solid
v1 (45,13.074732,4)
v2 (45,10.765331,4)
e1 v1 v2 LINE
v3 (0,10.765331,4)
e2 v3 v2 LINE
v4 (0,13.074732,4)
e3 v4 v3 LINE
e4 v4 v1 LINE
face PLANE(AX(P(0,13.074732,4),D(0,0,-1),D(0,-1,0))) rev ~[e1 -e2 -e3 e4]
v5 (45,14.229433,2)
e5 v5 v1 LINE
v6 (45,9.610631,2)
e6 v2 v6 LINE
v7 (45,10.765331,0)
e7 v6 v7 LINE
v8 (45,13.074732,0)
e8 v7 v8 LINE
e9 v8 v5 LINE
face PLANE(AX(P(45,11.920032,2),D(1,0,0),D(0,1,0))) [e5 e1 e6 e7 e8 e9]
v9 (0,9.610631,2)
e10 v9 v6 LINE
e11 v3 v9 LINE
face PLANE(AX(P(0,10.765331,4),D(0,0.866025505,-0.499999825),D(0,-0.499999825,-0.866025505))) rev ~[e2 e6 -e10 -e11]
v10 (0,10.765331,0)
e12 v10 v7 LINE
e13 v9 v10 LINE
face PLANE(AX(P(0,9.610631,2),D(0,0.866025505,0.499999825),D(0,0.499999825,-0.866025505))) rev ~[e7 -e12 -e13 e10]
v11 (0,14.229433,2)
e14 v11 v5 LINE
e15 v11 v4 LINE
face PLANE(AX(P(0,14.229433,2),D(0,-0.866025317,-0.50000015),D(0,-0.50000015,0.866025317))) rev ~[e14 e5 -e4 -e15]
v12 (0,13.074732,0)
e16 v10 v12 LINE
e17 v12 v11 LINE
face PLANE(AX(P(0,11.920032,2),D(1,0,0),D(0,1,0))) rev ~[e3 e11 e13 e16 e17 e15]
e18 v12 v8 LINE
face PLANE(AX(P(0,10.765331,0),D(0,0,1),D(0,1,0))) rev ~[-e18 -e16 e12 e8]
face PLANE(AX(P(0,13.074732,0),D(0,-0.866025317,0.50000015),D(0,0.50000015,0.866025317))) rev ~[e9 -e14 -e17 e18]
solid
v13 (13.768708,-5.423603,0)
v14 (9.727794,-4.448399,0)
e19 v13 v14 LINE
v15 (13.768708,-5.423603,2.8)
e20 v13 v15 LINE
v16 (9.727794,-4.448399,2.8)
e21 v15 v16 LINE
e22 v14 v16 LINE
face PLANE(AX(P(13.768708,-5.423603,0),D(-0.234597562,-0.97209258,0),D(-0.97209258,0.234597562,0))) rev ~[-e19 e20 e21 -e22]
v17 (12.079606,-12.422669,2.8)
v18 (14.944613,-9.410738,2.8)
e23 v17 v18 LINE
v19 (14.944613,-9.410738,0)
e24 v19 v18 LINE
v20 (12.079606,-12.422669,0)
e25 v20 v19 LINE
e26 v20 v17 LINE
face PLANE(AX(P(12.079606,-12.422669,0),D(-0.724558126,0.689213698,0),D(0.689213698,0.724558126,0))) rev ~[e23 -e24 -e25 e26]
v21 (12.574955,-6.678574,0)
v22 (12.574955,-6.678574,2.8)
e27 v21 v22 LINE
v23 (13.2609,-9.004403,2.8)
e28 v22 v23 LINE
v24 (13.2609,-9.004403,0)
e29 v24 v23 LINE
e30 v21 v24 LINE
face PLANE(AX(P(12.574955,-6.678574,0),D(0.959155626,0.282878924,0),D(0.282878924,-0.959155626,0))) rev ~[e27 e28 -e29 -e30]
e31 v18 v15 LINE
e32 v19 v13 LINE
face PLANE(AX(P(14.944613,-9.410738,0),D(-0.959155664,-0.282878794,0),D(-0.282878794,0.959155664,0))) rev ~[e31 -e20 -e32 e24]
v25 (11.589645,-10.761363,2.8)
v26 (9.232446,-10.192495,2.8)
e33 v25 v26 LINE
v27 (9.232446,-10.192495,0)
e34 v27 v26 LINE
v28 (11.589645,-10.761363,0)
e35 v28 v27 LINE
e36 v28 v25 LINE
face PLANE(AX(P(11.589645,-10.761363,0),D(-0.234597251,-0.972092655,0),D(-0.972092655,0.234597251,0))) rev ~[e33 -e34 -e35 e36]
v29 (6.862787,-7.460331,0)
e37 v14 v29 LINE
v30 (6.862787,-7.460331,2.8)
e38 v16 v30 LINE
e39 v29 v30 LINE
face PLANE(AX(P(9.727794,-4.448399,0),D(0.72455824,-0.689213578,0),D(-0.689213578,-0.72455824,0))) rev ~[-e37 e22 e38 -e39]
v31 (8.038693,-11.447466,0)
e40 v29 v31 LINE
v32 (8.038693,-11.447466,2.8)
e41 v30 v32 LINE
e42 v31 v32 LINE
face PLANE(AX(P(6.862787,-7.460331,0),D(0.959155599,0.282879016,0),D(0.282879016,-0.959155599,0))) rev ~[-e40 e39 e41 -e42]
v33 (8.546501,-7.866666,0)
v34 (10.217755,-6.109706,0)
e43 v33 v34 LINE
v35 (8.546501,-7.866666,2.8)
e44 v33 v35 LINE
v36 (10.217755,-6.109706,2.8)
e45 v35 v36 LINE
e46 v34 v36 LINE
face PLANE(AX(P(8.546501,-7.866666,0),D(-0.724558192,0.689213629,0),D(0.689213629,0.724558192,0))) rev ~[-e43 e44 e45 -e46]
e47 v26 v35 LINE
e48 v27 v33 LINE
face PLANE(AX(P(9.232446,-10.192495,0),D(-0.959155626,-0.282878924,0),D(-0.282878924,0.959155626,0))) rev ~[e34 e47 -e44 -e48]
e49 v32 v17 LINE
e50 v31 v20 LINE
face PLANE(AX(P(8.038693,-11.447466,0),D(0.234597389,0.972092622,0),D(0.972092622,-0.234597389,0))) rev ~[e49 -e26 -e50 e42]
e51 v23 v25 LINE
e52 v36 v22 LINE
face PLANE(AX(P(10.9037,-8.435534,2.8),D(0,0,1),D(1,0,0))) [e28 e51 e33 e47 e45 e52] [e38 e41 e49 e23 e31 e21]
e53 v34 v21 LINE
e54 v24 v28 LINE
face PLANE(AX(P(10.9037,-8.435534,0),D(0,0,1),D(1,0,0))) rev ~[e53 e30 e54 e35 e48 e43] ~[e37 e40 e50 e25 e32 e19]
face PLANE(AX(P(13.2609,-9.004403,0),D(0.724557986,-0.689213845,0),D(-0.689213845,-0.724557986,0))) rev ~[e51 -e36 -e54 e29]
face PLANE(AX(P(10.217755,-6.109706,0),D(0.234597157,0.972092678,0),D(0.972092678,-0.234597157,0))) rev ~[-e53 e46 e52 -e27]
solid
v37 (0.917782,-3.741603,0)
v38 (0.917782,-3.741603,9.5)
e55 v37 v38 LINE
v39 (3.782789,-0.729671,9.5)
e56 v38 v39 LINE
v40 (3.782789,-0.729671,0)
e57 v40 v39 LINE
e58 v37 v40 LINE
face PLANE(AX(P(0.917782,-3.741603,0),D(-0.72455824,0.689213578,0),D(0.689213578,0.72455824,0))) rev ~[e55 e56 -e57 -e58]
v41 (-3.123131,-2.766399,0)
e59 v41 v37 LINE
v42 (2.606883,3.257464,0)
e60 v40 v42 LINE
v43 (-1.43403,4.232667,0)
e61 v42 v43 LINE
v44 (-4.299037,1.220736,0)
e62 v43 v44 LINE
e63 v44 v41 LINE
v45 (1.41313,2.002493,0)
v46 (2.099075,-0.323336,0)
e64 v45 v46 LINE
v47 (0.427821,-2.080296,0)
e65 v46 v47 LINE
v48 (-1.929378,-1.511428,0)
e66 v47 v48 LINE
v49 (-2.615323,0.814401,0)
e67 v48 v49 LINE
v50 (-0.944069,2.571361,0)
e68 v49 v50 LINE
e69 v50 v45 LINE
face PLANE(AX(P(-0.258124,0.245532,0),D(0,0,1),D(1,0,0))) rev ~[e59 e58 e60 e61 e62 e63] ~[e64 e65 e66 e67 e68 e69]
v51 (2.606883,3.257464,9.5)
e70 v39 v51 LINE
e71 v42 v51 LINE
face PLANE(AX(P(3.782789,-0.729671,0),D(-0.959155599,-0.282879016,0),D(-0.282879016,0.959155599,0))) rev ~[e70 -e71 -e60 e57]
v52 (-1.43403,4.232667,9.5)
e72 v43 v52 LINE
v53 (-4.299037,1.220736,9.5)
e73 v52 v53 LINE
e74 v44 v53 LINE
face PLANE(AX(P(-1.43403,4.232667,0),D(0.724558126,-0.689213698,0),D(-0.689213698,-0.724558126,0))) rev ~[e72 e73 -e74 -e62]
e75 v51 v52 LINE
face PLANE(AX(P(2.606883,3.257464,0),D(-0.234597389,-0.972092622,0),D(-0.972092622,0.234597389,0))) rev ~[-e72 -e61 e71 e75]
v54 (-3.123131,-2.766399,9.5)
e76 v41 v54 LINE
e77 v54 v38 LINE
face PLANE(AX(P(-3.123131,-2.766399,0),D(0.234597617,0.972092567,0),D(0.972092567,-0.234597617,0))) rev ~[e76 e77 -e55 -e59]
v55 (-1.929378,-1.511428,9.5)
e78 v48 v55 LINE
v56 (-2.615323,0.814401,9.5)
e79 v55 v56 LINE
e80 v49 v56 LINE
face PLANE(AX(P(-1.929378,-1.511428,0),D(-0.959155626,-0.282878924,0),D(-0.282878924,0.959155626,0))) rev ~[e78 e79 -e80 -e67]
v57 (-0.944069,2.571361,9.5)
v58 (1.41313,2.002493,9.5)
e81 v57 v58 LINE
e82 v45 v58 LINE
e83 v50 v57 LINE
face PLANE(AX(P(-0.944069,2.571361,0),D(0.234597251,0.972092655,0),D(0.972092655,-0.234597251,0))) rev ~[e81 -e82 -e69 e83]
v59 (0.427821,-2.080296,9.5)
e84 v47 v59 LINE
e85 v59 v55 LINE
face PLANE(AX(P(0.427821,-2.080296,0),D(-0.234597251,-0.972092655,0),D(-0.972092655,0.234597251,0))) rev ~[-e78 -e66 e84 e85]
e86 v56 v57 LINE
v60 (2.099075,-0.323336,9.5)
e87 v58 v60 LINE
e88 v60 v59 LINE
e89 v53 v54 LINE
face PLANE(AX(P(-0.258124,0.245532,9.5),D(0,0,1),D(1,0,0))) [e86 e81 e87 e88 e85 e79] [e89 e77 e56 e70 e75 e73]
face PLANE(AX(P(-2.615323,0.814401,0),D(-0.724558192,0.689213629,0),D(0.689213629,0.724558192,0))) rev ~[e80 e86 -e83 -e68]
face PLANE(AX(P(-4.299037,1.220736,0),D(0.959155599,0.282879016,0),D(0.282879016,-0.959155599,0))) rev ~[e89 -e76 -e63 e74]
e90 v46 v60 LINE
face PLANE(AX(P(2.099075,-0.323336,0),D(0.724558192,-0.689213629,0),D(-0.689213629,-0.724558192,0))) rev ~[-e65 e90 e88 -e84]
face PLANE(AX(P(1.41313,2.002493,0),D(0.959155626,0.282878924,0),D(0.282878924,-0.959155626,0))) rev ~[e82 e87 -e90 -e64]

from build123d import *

# Parameters (mm, degrees)
F1_DEPTH = 45
F3_DEPTH = 2.8
F5_DEPTH = 9.5


with BuildPart() as f1:
    # F0 (on Right) → F1 (new body)
    with BuildSketch(Plane.YZ):
        Polygon((13.074732, 0), (14.229433, 2), (13.074732, 4), (10.765331, 4), (9.610631, 2), (10.765331, 0), align=None)
    extrude(amount=F1_DEPTH)


with BuildPart() as f3:
    # F2 (on Top) → F3 (new body)
    with BuildSketch(Plane.XY):
        Polygon((12.079606, -12.422669), (14.944613, -9.410738), (13.768708, -5.423603), (9.727794, -4.448399), (6.862787, -7.460331), (8.038693, -11.447466), align=None)
        Polygon((12.574955, -6.678574), (13.2609, -9.004403), (11.589645, -10.761363), (9.232446, -10.192495), (8.546501, -7.866666), (10.217755, -6.109706), align=None, mode=Mode.SUBTRACT)
    extrude(amount=F3_DEPTH)


with BuildPart() as f5:
    # F4 (on Top) → F5 (new body)
    with BuildSketch(Plane.XY):
        Polygon((0.917782, -3.741603), (3.782789, -0.729671), (2.606883, 3.257464), (-1.43403, 4.232667), (-4.299037, 1.220736), (-3.123131, -2.766399), align=None)
        Polygon((1.41313, 2.002493), (2.099075, -0.323336), (0.427821, -2.080296), (-1.929378, -1.511428), (-2.615323, 0.814401), (-0.944069, 2.571361), align=None, mode=Mode.SUBTRACT)
    extrude(amount=F5_DEPTH)


solid = Compound([f1.part, f3.part, f5.part])
